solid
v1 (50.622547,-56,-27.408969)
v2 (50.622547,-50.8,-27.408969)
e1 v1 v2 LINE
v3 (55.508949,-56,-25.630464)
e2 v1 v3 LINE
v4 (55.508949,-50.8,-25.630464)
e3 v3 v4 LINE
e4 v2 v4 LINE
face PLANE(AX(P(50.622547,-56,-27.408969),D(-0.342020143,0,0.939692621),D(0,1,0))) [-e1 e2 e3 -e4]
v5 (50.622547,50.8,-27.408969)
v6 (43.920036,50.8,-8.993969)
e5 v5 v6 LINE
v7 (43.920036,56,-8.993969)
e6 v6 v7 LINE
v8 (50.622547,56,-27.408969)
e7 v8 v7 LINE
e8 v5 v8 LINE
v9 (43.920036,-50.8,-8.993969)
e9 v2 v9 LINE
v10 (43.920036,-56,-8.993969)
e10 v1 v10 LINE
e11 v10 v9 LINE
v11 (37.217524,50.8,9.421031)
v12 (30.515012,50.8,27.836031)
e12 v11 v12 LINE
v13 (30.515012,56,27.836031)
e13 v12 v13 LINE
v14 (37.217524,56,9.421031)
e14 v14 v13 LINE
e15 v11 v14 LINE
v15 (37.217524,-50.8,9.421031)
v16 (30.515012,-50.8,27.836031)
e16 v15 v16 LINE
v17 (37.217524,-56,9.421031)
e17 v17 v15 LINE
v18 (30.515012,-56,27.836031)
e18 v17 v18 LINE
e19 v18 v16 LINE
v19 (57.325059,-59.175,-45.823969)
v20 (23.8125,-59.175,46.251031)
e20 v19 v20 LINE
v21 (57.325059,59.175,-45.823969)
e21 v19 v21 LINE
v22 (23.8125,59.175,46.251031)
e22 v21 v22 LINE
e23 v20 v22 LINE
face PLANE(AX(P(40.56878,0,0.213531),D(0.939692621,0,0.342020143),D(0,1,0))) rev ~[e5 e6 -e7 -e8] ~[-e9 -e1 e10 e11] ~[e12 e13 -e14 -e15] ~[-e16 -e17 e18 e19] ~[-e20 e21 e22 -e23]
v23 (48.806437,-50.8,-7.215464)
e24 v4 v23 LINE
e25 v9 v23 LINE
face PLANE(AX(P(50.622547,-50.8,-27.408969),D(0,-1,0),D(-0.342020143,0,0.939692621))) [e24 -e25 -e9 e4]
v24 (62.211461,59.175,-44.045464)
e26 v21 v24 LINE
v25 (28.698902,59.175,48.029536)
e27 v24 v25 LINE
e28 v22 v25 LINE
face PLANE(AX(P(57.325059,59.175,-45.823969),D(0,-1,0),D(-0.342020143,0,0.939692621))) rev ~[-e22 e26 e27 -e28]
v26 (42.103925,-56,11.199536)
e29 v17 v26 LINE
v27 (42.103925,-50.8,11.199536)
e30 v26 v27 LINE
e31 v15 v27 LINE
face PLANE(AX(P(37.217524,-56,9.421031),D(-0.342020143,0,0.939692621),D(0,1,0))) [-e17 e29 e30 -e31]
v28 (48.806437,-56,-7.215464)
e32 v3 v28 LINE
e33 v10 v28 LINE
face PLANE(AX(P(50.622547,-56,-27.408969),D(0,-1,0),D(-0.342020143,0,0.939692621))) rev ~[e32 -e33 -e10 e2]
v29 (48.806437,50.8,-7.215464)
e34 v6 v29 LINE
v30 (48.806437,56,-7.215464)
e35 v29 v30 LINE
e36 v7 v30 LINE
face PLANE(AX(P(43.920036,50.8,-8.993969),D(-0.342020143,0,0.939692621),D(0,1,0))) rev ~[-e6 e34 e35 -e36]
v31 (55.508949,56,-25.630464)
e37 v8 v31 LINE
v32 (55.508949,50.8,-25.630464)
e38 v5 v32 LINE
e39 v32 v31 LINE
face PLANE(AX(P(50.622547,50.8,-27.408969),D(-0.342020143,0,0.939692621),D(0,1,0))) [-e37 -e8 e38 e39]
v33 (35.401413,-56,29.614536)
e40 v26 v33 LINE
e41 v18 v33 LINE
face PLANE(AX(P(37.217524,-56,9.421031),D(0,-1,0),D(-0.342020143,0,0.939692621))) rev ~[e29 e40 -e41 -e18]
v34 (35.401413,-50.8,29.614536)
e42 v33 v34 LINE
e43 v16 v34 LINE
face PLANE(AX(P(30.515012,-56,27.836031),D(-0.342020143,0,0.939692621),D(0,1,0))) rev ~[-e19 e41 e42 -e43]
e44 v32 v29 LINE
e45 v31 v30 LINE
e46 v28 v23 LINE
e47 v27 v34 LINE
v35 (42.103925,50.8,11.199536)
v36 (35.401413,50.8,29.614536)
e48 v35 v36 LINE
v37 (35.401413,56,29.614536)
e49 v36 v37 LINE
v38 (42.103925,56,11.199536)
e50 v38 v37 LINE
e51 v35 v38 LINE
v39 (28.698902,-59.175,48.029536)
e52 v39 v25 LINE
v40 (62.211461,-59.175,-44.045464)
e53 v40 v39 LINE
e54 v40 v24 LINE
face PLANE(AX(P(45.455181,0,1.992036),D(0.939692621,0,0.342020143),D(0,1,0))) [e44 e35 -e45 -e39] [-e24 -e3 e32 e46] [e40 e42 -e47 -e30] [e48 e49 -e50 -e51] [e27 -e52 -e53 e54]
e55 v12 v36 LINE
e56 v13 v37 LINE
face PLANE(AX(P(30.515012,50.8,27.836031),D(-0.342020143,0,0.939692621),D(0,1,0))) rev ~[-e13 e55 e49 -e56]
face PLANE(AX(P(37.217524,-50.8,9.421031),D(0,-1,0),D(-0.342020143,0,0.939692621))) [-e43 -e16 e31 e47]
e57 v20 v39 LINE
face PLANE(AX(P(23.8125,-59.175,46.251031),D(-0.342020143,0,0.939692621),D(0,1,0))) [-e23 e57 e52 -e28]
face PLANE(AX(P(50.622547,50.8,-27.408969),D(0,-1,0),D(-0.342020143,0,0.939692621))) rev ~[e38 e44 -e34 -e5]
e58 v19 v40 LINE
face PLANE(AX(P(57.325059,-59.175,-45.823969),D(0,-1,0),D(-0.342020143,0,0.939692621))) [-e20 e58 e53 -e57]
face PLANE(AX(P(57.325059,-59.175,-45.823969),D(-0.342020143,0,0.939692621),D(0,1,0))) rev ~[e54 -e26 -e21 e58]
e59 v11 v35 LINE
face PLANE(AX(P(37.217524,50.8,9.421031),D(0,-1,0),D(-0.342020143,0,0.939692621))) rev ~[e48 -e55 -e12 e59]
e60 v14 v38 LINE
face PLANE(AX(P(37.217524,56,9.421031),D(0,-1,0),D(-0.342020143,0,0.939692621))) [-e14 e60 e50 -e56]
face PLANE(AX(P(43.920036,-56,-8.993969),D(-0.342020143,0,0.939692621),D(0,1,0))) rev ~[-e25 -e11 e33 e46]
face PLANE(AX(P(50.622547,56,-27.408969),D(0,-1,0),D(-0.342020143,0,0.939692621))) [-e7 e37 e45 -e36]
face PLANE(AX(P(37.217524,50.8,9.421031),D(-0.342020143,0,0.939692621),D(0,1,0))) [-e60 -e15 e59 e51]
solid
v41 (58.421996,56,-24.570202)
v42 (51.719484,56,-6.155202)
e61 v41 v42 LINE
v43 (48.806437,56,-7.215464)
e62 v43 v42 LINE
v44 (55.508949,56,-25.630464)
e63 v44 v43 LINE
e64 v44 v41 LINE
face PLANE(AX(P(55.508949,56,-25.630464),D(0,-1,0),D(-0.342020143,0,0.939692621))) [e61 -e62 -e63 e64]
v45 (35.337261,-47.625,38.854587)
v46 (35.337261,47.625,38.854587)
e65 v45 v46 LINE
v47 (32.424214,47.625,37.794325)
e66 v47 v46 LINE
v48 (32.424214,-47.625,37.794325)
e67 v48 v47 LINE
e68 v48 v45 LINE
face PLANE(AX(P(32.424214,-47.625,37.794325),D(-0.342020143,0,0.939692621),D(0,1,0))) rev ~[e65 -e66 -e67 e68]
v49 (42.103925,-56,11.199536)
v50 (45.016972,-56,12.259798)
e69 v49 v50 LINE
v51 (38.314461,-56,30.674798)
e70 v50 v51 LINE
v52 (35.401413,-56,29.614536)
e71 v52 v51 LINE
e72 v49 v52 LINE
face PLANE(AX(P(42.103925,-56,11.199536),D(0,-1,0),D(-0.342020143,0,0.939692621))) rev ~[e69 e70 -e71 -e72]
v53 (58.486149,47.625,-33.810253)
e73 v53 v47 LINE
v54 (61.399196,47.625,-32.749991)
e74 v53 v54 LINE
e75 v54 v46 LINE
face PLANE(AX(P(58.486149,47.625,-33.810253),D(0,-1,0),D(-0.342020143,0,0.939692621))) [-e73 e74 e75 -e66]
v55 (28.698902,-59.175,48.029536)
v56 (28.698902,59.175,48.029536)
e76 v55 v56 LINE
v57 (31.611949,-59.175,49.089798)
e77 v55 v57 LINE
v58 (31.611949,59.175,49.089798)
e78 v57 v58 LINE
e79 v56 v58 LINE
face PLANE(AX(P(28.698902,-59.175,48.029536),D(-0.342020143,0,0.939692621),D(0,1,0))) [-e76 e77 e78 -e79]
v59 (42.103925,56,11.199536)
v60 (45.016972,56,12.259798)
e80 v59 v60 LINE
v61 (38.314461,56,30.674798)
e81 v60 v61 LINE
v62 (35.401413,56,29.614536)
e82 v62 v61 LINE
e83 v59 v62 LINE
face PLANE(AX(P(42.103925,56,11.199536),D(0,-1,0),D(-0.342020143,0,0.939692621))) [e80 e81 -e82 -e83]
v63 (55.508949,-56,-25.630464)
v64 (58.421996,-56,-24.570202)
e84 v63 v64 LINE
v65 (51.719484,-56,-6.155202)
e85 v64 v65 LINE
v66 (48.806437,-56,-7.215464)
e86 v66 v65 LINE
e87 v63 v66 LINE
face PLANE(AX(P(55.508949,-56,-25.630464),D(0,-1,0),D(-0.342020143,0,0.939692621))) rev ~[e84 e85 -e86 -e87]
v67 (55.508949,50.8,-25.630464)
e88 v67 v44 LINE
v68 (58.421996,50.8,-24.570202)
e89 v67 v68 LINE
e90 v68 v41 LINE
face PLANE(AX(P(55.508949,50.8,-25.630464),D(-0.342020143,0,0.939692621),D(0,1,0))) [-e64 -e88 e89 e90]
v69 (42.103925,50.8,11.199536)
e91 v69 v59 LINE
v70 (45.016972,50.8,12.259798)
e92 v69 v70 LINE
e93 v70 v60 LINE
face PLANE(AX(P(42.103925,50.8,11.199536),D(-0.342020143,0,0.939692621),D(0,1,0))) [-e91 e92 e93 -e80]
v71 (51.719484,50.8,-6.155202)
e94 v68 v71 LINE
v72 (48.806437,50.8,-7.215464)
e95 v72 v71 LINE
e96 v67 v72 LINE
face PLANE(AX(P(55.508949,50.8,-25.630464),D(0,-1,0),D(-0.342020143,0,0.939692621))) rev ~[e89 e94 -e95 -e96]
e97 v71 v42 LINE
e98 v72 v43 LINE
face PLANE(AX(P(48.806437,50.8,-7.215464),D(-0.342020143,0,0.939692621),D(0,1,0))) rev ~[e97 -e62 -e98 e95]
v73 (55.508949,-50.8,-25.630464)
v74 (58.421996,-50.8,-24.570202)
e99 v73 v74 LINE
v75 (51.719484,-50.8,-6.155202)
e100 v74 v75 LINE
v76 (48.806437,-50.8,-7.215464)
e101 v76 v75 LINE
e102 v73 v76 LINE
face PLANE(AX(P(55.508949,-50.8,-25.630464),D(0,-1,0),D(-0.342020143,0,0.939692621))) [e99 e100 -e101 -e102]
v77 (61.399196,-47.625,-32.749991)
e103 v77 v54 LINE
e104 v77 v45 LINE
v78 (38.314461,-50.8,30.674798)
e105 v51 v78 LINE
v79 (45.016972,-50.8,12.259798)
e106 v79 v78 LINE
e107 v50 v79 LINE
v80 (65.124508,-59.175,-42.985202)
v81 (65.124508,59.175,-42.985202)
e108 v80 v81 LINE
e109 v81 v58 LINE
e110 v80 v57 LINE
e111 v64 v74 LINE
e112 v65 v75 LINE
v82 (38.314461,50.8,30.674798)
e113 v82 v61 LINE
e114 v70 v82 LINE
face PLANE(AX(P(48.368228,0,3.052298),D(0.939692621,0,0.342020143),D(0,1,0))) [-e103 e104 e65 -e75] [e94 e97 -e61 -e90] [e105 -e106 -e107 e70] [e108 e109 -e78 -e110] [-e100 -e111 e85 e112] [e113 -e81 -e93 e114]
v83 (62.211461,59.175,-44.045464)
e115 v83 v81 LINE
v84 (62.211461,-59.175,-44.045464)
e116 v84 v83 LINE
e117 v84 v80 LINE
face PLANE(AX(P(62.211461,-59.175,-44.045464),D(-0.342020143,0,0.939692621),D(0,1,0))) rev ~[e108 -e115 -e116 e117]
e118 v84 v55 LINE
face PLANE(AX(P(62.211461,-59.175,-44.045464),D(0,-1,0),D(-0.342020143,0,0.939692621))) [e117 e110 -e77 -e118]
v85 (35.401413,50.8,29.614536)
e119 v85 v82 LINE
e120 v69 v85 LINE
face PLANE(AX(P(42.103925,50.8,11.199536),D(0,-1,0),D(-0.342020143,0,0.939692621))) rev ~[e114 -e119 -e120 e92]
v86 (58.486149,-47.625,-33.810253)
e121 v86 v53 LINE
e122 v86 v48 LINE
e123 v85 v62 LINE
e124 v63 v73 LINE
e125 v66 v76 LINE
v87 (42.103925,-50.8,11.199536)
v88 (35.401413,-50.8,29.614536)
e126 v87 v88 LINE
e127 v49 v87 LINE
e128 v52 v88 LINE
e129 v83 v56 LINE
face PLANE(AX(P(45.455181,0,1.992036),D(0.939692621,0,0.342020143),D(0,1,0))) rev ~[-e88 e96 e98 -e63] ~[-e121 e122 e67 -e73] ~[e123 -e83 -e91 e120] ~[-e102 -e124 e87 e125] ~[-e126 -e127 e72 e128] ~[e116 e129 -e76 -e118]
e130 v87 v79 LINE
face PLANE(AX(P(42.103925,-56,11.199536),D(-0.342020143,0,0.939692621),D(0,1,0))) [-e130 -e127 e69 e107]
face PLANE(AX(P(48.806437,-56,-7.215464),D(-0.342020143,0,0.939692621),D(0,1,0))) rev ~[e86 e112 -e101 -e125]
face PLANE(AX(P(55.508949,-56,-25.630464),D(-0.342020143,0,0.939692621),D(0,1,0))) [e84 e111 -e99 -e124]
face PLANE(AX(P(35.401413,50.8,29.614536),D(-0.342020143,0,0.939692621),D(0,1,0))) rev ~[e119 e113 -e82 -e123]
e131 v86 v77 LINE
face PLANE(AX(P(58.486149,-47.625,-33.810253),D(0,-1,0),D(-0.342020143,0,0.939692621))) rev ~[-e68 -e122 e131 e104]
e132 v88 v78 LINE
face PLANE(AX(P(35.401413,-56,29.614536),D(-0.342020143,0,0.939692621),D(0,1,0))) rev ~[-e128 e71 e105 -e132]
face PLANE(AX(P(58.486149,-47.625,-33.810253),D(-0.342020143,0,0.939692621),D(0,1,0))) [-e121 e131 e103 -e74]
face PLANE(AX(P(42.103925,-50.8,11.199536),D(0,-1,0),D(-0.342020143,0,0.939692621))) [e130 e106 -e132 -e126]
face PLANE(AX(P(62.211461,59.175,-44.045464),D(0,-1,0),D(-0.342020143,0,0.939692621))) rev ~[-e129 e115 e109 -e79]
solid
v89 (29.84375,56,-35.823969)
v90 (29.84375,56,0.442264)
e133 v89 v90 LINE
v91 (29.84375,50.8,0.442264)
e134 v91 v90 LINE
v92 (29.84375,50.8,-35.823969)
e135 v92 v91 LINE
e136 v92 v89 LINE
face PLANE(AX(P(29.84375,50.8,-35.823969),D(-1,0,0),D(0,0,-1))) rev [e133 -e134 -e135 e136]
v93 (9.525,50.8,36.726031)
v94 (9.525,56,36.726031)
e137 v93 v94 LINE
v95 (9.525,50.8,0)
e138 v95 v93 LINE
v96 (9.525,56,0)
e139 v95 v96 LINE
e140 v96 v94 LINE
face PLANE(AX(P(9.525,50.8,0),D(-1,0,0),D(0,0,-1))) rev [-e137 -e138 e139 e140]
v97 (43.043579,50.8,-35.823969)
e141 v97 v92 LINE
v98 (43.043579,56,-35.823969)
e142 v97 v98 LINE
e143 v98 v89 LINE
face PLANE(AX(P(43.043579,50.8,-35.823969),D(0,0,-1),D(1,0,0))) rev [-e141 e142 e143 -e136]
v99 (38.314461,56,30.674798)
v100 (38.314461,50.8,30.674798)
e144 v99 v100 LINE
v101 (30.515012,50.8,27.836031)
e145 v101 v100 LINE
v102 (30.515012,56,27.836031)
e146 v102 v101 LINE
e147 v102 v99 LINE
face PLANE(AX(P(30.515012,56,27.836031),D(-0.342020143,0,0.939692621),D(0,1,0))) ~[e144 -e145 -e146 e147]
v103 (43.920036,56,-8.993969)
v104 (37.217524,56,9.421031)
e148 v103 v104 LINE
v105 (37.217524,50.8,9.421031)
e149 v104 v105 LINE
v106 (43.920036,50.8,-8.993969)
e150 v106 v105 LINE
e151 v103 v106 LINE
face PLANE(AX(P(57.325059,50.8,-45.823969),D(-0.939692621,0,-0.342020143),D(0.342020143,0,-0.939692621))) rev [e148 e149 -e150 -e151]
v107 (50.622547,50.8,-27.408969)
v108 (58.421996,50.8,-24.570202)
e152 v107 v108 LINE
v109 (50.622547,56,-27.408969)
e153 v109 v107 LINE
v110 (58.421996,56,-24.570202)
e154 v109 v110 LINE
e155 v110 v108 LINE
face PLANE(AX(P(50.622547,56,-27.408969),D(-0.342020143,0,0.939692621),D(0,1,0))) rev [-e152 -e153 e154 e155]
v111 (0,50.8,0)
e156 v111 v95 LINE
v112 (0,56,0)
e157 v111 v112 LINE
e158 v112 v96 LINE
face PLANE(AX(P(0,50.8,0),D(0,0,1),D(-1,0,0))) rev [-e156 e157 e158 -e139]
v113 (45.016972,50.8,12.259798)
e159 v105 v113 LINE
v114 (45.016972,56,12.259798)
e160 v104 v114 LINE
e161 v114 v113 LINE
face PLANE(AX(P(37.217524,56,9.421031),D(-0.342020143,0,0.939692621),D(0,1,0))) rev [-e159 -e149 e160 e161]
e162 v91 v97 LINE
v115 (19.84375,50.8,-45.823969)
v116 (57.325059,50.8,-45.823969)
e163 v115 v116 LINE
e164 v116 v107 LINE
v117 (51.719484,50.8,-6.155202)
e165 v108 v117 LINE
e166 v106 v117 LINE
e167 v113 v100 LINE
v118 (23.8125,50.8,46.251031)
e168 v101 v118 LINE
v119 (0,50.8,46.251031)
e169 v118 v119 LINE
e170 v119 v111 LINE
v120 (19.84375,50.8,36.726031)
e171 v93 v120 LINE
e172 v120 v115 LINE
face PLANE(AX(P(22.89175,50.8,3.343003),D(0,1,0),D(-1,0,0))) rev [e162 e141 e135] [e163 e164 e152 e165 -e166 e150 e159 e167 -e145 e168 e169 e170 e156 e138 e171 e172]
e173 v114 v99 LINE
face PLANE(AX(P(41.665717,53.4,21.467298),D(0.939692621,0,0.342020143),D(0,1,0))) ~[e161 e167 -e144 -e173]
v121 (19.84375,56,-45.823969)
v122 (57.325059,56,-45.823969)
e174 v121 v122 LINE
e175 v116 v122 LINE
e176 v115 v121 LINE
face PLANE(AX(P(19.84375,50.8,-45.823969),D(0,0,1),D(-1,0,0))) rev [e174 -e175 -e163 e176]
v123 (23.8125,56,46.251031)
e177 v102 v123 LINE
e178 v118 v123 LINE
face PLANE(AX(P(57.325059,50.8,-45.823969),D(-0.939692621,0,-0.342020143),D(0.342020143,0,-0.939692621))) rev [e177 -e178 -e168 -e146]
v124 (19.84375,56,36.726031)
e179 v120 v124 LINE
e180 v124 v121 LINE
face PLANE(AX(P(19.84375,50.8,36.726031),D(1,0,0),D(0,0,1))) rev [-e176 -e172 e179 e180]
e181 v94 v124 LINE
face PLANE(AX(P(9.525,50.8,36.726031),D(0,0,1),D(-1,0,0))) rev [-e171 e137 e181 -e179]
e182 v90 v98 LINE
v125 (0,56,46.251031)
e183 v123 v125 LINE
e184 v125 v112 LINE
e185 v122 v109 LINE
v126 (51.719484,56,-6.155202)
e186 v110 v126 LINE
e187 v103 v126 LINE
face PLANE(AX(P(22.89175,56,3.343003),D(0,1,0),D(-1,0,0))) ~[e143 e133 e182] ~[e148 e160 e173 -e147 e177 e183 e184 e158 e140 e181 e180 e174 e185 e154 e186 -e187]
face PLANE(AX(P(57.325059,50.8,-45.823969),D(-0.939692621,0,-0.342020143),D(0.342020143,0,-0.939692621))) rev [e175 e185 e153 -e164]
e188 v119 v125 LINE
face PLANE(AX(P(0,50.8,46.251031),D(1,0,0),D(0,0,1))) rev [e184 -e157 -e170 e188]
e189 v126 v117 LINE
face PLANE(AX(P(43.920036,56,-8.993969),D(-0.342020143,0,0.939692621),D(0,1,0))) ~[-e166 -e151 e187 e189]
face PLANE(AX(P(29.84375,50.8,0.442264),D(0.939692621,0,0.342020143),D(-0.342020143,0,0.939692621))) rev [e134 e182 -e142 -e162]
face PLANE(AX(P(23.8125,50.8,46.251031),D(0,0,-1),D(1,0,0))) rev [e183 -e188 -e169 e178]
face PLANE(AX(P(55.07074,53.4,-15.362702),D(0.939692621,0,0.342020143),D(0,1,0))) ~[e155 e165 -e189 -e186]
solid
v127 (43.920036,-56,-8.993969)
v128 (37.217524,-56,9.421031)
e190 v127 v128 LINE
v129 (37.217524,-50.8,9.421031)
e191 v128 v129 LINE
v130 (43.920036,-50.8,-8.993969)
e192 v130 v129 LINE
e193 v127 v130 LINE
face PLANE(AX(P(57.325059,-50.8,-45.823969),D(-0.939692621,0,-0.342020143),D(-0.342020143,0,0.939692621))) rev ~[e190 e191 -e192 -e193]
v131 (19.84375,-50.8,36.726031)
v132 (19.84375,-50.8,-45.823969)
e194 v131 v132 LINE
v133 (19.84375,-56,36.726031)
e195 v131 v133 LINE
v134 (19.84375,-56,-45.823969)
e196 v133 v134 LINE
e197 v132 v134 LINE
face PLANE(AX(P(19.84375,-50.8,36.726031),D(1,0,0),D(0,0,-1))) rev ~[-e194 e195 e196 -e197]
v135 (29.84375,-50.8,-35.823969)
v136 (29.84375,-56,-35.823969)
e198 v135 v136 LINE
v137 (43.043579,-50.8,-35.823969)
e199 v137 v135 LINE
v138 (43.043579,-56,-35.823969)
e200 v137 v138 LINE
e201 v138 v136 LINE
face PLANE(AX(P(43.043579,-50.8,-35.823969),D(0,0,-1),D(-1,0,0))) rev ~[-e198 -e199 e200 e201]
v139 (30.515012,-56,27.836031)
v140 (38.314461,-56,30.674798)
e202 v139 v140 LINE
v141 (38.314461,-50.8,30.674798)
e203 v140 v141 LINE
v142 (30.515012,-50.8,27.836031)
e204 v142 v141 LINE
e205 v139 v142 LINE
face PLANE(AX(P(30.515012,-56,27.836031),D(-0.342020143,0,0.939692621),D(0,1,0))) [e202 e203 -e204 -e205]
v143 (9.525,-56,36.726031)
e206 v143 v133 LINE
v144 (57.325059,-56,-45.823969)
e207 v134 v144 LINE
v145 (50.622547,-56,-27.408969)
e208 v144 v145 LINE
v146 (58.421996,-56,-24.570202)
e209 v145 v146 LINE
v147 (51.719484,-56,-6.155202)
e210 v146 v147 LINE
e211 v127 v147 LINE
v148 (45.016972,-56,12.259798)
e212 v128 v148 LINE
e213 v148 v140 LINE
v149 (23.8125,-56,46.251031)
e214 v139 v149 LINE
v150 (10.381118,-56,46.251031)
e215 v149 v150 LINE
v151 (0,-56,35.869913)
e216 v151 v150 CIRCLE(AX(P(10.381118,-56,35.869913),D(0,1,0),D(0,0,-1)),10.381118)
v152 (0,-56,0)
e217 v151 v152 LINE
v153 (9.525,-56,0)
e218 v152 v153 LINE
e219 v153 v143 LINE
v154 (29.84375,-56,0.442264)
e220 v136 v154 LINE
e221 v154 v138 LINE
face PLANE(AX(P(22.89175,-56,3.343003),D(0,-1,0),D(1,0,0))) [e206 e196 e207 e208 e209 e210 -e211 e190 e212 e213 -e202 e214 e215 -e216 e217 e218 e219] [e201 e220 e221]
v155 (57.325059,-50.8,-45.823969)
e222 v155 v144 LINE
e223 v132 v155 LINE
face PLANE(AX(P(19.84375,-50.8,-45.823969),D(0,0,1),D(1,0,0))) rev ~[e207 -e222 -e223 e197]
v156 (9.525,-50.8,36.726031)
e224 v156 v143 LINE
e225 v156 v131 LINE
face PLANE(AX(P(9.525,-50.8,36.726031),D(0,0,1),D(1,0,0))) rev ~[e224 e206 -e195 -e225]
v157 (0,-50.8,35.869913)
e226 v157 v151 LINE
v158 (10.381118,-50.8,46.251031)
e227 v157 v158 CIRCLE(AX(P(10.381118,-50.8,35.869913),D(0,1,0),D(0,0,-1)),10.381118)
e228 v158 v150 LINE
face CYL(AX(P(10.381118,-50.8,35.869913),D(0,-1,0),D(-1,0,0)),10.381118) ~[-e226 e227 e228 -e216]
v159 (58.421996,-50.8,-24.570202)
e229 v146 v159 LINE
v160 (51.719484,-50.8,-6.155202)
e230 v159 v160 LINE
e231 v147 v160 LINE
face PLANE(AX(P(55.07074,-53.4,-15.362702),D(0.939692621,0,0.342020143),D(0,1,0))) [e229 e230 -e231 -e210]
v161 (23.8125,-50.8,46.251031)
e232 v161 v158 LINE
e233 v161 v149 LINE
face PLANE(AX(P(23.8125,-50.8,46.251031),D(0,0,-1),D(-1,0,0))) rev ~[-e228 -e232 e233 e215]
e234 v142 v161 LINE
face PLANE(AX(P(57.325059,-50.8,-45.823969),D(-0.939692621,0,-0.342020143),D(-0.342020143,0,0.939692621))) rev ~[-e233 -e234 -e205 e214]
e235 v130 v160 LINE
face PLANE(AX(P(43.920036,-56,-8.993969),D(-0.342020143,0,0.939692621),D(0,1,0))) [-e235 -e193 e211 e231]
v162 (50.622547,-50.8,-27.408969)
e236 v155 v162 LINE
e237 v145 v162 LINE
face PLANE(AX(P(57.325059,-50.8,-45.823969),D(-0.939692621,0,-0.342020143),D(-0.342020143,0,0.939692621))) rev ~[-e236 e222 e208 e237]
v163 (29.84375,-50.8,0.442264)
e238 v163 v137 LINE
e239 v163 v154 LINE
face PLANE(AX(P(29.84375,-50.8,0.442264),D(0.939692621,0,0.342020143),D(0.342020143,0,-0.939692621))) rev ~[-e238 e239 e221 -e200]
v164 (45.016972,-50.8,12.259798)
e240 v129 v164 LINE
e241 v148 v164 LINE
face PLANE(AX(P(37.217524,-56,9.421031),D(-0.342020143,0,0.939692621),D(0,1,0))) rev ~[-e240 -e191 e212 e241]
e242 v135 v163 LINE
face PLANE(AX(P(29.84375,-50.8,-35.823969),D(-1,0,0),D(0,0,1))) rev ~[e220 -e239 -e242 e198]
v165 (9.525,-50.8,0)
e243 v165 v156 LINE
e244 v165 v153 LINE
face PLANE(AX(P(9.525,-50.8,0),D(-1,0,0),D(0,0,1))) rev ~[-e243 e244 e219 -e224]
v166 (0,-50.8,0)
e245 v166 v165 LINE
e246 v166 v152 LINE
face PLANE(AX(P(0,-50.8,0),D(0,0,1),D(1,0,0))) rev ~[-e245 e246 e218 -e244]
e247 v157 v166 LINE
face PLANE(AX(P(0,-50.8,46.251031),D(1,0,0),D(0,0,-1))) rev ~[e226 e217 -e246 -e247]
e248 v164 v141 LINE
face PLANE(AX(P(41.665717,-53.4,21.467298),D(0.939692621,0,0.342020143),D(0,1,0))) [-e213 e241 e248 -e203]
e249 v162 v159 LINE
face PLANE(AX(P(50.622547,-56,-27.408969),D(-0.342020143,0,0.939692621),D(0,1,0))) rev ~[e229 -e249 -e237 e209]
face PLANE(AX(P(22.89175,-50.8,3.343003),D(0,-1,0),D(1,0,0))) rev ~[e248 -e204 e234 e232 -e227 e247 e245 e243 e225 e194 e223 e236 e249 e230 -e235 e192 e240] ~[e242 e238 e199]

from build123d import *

# Parameters (mm, degrees)
F3_DEPTH  = 5.2
F4_W      = 5.2
F4_H      = 19.5968336801
F5_DEPTH  = 8.3
F7_W      = 118.35
F7_H      = 97.9841684007
F7_W_2    = 5.2
F7_H_2    = 19.5968336801
F8_DEPTH  = 5.2
F9_W      = 118.35
F9_H      = 97.9841684007
F9_W_2    = 5.2
F9_H_2    = 19.5968336801
F9_W_3    = 95.25
F9_H_3    = 76.2
F10_DEPTH = 3.1
F11_R     = 10.3811183182


with BuildPart() as f3:
    # F2 (on offset) → F3 (new body)
    with BuildSketch(Plane.XZ.offset(50.8)):
        Polygon((0, 0), (9.525, 0), (9.525, 36.7260310531), (19.84375, 36.7260310531), (19.84375, -45.8239689469), (57.3250593201, -45.8239689469), (23.8125, 46.2510310531), (0, 46.2510310531), align=None)
        Polygon((29.84375, 0.4422638653), (43.0435792526, -35.8239689469), (29.84375, -35.8239689469), align=None, mode=Mode.SUBTRACT)
    extrude(amount=F3_DEPTH)

    # F4 (on face) → F5 (join)
    with BuildSketch(Plane(origin=(35.891761499, 0, 13.063532841), x_dir=(0, 1, 0), z_dir=(0.9396926208, 0, 0.3420201433))):
        with Locations((-53.4, 5.9221474011)):
            Rectangle(F4_W, F4_H)
        with Locations((-53.4, -33.2715199591)):
            Rectangle(F4_W, F4_H)
    extrude(amount=F5_DEPTH)


with BuildPart() as f6_1:
    # F6: instance of F3
    add(f3.part.mirror(Plane.XZ))


with BuildPart() as f8:
    # F7 (on face) → F8 (new body)
    with BuildSketch(Plane(origin=(35.891761499, 0, 13.063532841), x_dir=(0, 1, 0), z_dir=(0.9396926208, 0, 0.3420201433))):
        with Locations((0, -13.674686279)):
            Rectangle(F7_W, F7_H)
        with Locations((-53.4, -33.2715199591)):
            Rectangle(F7_W_2, F7_H_2, mode=Mode.SUBTRACT)
        with Locations((53.4, -33.2715199591)):
            Rectangle(F7_W_2, F7_H_2, mode=Mode.SUBTRACT)
        with Locations((-53.4, 5.9221474011)):
            Rectangle(F7_W_2, F7_H_2, mode=Mode.SUBTRACT)
        with Locations((53.4, 5.9221474011)):
            Rectangle(F7_W_2, F7_H_2, mode=Mode.SUBTRACT)
    extrude(amount=F8_DEPTH)


with BuildPart() as f10:
    # F9 (on face) → F10 (new body)
    with BuildSketch(Plane(origin=(40.778163127, 0, 14.8420375863), x_dir=(0, 1, 0), z_dir=(0.9396926208, 0, 0.3420201433))):
        with Locations((0, -13.674686279)):
            Rectangle(F9_W, F9_H)
        with Locations((-53.4, -33.2715199591)):
            Rectangle(F9_W_2, F9_H_2, mode=Mode.SUBTRACT)
        with Locations((53.4, -33.2715199591)):
            Rectangle(F9_W_2, F9_H_2, mode=Mode.SUBTRACT)
        with Locations((-53.4, 5.9221474011)):
            Rectangle(F9_W_2, F9_H_2, mode=Mode.SUBTRACT)
        with Locations((0, -13.674686279)):
            Rectangle(F9_W_3, F9_H_3, mode=Mode.SUBTRACT)
        with Locations((53.4, 5.9221474011)):
            Rectangle(F9_W_2, F9_H_2, mode=Mode.SUBTRACT)
    extrude(amount=F10_DEPTH)


with BuildPart() as f3_1:
    add(f3.part)

    # F11
    f11_edges = [f3_1.edges().sort_by_distance(p)[0] for p in [
        (0, -53.4, 46.251031),
    ]]
    fillet(f11_edges, radius=F11_R)


solid = Compound([f6_1.part, f8.part, f10.part, f3_1.part])
